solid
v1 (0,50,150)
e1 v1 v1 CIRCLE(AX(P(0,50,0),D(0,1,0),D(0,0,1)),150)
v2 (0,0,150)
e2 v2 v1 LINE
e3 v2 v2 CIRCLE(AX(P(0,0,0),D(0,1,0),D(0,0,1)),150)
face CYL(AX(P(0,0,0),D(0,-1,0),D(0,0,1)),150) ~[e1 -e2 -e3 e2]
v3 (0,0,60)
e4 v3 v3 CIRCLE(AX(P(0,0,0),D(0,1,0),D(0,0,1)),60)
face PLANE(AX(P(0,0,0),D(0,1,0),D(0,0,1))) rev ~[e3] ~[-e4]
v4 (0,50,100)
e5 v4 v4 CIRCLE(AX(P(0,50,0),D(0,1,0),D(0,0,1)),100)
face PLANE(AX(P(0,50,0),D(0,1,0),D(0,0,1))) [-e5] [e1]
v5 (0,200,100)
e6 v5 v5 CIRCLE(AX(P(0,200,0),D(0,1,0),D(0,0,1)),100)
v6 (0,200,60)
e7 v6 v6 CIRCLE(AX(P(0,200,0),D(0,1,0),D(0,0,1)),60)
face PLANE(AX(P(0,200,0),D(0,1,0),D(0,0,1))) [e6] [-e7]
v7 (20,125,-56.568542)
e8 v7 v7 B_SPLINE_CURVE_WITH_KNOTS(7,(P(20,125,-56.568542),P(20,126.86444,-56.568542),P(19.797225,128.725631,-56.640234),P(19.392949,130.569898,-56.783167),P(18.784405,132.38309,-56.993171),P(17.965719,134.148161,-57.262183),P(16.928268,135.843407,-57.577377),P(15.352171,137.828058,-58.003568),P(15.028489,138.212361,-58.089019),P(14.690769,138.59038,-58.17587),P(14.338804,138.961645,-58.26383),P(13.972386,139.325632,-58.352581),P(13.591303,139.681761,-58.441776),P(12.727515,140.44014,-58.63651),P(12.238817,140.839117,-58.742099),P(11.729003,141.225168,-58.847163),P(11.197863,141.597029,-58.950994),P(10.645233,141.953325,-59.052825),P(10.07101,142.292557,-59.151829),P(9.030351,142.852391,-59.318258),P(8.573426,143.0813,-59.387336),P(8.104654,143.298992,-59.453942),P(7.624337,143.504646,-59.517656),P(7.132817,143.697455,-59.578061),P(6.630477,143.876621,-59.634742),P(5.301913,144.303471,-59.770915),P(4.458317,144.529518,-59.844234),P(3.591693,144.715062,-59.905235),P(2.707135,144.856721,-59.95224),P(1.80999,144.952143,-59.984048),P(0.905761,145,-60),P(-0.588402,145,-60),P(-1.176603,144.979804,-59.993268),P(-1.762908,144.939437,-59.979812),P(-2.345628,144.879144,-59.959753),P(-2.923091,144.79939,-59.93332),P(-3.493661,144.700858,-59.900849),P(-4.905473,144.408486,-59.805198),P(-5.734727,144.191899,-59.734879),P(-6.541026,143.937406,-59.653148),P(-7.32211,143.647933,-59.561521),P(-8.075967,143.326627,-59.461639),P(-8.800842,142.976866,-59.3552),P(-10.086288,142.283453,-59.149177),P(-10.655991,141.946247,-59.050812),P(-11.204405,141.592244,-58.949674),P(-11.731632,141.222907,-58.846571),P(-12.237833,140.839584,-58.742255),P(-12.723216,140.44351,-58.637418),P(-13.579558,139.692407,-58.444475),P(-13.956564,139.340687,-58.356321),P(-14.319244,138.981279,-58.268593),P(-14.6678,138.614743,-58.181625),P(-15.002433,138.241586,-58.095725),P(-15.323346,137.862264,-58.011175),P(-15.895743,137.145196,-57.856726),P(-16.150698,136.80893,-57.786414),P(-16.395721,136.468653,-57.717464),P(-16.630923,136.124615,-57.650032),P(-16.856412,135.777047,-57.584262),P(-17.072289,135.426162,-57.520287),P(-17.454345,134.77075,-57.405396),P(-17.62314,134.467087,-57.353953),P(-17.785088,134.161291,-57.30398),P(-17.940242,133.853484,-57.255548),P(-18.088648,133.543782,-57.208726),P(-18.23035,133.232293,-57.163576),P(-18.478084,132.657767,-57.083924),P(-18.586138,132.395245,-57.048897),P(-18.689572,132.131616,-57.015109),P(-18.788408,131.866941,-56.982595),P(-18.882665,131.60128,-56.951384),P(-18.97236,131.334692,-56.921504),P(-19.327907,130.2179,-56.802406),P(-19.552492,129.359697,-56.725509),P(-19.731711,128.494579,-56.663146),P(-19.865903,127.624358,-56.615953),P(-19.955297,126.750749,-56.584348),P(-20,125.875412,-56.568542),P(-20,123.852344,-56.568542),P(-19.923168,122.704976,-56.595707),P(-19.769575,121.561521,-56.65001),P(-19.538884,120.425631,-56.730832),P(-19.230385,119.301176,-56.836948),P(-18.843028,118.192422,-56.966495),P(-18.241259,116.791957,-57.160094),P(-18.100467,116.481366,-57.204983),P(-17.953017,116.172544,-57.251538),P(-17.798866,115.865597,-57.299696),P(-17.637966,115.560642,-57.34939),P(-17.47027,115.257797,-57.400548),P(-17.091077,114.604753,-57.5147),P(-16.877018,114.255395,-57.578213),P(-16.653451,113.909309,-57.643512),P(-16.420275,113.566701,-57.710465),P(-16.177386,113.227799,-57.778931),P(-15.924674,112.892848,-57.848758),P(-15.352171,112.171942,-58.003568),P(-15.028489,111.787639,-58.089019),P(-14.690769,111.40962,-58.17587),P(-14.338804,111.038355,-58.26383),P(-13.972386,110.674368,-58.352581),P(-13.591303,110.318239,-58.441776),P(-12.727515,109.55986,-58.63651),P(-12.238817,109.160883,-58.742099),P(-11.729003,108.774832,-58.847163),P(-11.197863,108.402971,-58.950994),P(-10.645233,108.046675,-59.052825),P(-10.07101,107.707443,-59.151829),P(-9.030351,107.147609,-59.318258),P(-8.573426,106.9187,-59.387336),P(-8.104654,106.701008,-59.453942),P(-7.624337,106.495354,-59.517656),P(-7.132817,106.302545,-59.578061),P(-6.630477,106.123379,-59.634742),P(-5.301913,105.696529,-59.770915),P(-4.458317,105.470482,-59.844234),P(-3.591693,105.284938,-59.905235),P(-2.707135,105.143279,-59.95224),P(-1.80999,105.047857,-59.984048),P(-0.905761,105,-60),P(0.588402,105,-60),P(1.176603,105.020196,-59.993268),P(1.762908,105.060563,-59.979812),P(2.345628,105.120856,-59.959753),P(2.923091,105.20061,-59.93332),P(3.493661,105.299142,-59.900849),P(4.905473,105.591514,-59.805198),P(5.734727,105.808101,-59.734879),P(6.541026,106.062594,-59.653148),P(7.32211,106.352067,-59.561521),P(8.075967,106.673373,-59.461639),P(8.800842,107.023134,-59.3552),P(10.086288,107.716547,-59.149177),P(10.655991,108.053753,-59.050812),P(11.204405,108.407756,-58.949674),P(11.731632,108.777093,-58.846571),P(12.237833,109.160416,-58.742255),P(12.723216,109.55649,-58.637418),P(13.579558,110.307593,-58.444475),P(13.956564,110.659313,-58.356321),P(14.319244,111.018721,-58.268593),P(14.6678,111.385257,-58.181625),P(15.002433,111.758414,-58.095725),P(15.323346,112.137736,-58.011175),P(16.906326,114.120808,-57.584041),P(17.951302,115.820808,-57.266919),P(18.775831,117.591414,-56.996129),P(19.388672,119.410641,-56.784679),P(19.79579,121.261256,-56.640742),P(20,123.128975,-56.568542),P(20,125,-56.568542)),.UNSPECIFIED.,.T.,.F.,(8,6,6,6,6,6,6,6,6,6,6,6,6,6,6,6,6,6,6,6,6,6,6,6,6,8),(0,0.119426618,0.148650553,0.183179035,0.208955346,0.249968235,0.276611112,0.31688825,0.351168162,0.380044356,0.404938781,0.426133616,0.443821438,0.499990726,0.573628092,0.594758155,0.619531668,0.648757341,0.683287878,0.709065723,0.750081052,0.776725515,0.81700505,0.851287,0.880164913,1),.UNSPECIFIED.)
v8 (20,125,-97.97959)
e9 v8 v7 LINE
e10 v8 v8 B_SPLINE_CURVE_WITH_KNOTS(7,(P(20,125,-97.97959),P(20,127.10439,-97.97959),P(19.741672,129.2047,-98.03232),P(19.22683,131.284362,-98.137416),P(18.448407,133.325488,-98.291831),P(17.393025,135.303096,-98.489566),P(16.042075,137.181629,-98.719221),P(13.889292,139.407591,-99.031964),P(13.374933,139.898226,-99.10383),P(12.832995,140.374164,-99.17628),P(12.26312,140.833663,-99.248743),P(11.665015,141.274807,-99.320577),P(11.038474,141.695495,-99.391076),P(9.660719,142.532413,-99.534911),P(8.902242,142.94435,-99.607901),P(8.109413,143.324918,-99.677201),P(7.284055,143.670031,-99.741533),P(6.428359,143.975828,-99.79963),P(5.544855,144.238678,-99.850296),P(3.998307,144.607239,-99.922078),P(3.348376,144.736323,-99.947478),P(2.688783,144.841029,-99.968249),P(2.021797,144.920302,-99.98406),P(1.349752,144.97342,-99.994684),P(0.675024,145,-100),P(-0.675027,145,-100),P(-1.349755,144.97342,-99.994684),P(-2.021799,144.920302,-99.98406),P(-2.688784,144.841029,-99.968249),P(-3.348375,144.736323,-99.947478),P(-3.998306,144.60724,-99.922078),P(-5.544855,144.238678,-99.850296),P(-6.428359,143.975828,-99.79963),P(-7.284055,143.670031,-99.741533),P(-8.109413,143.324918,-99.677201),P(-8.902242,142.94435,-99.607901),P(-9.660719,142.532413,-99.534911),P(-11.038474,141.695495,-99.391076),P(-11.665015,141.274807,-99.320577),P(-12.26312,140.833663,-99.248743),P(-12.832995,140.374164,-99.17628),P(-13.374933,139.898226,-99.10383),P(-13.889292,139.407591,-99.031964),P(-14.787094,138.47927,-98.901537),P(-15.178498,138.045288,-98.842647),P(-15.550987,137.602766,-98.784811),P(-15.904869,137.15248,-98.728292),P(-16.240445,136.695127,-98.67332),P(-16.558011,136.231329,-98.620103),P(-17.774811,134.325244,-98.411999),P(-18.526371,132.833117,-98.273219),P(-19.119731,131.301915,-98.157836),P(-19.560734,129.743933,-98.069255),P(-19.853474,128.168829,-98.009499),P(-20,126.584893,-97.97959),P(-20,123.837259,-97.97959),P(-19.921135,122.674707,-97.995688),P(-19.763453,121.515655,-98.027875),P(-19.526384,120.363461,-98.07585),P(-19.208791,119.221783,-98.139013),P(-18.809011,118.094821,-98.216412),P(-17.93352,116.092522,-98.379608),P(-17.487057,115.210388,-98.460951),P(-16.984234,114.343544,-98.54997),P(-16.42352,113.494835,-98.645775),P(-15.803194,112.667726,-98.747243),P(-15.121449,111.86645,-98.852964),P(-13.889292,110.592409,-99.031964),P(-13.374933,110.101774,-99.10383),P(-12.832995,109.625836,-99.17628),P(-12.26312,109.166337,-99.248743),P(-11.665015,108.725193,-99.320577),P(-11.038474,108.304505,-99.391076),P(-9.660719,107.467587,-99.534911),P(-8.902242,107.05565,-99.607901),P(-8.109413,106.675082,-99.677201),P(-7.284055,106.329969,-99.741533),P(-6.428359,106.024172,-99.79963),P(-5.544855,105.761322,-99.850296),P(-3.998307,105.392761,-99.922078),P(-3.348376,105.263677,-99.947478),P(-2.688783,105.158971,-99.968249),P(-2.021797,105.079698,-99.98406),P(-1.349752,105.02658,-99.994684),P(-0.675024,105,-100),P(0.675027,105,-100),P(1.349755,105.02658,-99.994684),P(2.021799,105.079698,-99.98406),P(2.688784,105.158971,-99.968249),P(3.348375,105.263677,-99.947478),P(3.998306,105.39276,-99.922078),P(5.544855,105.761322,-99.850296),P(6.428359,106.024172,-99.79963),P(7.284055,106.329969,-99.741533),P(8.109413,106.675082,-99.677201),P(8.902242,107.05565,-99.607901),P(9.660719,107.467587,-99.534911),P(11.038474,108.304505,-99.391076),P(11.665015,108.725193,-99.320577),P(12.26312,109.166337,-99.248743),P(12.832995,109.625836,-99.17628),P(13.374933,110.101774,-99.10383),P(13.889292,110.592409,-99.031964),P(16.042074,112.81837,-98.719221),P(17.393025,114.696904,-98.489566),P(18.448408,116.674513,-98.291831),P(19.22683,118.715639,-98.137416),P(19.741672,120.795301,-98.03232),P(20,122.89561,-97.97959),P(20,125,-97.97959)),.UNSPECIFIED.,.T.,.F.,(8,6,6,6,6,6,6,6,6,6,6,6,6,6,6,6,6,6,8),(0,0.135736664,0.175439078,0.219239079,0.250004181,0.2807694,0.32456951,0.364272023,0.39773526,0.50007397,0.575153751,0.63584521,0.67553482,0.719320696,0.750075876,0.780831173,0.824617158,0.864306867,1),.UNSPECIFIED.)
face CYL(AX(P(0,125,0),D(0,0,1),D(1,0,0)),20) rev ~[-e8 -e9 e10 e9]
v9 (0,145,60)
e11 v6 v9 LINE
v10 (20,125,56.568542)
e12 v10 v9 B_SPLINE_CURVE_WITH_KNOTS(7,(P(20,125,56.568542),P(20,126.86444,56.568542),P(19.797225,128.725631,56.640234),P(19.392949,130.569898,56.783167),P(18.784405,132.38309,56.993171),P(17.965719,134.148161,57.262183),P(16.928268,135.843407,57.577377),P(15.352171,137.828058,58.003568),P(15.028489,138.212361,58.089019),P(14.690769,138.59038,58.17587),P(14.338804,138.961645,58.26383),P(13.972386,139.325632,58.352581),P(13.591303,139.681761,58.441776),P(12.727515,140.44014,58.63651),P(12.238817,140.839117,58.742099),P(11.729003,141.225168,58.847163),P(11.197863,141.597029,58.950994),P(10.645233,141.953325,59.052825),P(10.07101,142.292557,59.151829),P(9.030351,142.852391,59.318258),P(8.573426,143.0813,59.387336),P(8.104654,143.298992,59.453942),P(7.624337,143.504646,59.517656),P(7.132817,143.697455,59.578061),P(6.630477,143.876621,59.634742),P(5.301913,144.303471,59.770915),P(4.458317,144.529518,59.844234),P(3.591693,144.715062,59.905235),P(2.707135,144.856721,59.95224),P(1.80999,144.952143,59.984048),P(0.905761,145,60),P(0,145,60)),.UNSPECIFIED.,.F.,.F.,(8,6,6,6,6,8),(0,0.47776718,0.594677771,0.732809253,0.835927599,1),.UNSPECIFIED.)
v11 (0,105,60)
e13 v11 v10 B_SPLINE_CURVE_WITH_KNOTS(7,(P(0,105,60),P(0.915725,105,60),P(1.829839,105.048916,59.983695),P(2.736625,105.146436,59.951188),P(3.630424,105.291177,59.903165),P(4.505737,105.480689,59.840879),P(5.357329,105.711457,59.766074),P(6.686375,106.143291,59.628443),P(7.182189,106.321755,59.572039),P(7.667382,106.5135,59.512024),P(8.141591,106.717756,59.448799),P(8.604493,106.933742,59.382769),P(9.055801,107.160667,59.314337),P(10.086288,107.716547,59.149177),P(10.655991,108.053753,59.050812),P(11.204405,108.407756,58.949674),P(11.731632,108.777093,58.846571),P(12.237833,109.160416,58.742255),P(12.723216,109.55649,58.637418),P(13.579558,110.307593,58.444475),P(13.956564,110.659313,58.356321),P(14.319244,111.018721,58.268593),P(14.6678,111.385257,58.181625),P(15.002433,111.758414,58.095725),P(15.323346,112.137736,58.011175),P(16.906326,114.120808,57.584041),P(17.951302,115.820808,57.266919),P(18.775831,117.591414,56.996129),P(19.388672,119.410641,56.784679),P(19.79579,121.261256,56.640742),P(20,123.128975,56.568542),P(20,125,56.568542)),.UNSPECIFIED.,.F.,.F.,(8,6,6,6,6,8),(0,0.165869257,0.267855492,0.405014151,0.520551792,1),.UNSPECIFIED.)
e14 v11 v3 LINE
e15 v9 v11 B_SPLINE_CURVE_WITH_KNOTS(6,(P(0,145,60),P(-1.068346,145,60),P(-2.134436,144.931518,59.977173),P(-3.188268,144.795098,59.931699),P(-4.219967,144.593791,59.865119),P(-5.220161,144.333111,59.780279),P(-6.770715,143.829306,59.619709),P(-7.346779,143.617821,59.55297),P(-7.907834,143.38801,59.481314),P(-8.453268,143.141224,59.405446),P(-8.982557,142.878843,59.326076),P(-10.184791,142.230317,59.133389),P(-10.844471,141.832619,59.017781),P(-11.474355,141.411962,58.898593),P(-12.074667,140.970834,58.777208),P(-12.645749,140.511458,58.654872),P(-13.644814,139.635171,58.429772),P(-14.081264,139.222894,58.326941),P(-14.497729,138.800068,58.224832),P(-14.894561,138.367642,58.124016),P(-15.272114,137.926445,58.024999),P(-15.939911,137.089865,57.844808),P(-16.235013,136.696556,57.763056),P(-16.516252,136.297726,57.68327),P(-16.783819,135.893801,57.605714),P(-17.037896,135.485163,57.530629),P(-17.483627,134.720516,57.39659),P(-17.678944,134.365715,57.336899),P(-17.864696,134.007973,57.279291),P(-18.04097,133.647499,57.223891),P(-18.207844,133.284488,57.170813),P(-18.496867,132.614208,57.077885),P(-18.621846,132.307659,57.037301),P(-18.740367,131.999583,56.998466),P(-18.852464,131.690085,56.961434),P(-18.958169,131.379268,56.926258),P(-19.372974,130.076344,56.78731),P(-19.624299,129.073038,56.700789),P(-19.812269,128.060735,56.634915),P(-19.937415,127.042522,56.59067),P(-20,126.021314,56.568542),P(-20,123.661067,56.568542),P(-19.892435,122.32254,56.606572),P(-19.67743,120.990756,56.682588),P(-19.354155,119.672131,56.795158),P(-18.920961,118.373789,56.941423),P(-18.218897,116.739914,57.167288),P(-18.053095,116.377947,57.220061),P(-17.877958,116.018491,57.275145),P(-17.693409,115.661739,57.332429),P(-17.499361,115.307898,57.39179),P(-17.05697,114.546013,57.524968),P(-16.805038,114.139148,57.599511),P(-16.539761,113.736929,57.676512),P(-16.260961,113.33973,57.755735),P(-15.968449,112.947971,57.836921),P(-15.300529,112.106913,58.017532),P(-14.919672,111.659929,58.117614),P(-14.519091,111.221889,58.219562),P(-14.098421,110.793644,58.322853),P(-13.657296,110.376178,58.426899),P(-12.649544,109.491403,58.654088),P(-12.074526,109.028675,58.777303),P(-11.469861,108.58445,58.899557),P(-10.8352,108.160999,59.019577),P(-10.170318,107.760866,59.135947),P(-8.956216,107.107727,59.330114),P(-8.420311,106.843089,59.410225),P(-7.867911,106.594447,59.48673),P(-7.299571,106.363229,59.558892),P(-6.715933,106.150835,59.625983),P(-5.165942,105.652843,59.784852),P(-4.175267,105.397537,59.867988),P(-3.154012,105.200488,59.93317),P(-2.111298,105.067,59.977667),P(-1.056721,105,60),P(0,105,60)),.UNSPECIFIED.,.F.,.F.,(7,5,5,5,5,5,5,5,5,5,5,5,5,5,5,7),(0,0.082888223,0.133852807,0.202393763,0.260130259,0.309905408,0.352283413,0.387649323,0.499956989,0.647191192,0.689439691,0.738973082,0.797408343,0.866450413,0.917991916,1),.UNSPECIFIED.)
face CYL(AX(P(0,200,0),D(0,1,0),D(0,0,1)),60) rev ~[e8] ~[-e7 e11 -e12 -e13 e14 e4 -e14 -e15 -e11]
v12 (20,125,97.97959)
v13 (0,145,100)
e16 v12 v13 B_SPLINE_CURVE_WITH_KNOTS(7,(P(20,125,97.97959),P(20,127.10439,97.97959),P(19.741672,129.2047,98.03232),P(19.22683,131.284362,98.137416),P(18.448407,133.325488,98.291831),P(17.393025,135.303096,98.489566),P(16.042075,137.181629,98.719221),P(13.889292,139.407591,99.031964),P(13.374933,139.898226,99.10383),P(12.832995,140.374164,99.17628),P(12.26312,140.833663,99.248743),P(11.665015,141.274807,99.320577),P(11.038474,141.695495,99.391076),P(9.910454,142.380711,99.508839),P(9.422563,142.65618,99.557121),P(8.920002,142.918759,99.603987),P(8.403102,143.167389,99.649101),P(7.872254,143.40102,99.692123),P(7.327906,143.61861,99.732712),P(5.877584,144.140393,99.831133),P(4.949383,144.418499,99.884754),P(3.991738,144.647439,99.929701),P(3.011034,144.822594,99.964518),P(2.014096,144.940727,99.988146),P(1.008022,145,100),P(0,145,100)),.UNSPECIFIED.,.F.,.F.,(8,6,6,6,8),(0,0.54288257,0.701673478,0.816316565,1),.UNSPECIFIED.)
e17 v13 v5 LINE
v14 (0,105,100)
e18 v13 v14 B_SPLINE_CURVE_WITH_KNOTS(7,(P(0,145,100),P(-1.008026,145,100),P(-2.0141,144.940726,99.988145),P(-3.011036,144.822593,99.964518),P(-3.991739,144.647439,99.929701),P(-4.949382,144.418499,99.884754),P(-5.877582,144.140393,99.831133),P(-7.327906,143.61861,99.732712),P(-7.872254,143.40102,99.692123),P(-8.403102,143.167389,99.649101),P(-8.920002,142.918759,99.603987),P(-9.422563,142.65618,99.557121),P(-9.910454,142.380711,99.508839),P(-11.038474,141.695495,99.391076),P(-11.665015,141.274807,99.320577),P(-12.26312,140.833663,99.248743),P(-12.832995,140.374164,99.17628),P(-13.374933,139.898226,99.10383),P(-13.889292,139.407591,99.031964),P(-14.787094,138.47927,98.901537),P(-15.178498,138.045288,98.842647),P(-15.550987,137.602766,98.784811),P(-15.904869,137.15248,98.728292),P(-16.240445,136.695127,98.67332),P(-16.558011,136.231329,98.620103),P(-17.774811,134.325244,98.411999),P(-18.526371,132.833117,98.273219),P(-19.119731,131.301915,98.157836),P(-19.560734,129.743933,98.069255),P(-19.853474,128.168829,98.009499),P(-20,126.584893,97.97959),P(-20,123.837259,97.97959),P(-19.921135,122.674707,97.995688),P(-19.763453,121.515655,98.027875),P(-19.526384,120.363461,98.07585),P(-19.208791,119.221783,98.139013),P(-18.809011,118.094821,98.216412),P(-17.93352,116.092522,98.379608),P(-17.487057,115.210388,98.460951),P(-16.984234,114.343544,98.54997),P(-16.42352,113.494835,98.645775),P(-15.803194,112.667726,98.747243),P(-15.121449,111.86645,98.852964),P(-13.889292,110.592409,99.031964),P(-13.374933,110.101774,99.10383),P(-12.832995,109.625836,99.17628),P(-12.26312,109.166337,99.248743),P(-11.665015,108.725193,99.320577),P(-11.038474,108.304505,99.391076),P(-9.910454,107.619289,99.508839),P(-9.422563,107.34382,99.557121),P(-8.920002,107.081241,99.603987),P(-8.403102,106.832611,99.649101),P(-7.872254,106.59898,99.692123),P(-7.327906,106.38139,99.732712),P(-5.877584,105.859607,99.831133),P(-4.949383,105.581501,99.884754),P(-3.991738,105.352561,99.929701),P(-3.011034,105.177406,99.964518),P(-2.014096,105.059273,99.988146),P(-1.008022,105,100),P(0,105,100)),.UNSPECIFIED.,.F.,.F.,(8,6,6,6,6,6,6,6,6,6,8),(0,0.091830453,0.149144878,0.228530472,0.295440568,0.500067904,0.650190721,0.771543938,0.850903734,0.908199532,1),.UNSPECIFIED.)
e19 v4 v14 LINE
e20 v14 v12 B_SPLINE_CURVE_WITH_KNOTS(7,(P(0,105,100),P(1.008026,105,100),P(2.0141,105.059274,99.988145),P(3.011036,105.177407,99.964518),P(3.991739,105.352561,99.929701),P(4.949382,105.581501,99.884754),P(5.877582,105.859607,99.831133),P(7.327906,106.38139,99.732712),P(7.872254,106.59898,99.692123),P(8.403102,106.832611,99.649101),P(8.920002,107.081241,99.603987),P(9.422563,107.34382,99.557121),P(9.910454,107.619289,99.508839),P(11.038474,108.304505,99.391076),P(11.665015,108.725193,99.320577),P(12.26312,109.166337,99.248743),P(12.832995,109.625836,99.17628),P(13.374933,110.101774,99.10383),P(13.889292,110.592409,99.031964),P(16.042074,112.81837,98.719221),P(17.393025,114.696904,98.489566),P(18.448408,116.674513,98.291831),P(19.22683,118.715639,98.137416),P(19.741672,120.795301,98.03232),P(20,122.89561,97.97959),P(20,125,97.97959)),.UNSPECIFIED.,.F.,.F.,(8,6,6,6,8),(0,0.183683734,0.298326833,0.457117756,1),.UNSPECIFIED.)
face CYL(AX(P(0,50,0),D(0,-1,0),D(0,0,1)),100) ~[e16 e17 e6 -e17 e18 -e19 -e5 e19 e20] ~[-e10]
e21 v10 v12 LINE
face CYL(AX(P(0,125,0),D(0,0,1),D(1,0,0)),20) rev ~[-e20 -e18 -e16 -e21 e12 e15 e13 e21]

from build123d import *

# Parameters (mm, degrees)
IZIM1_R                     = 150
Y_KSEKLIK_EKSTR_ZYON2_DEPTH = 50
IZIM2_R                     = 100
Y_KSEKLIK_EKSTR_ZYON3_DEPTH = 150
IZIM3_R                     = 60
KES_EKSTR_ZYON1_DEPTH       = 292.547594742
IZIM4_R                     = 20
KES_EKSTR_ZYON2_DEPTH       = 130


with BuildPart() as part:
    # Çizim1 → Yükseklik-Ekstrüzyon2 (new body)
    with BuildSketch(Plane(origin=(0, 0, 0), x_dir=(1, 0, 0), z_dir=(0, 1, 0))):
        with Locations(Location((0, 0, 0), (0, 0, 270))):
            Circle(IZIM1_R)
    extrude(amount=Y_KSEKLIK_EKSTR_ZYON2_DEPTH)

    # Çizim2 → Yükseklik-Ekstrüzyon3 (add)
    with BuildSketch(Plane(origin=(0, 50, 0), x_dir=(1, 0, 0), z_dir=(0, 1, 0))):
        with Locations(Location((0, 0, 0), (0, 0, 270))):
            Circle(IZIM2_R)
    extrude(amount=Y_KSEKLIK_EKSTR_ZYON3_DEPTH)

    # Çizim3 → Kes-Ekstrüzyon1 (cut, through all)
    with BuildSketch(Plane(origin=(0, 200, 0), x_dir=(1, 0, 0), z_dir=(0, 1, 0))):
        with Locations(Location((0, 0, 0), (0, 0, 270))):
            Circle(IZIM3_R)
    extrude(amount=-KES_EKSTR_ZYON1_DEPTH, mode=Mode.SUBTRACT)

    # Çizim4 → Kes-Ekstrüzyon2 (cut, symmetric)
    with BuildSketch(Plane.XY):
        with Locations((0, 125)):
            Circle(IZIM4_R)
    extrude(amount=KES_EKSTR_ZYON2_DEPTH, both=True, mode=Mode.SUBTRACT)


solid = part.part
